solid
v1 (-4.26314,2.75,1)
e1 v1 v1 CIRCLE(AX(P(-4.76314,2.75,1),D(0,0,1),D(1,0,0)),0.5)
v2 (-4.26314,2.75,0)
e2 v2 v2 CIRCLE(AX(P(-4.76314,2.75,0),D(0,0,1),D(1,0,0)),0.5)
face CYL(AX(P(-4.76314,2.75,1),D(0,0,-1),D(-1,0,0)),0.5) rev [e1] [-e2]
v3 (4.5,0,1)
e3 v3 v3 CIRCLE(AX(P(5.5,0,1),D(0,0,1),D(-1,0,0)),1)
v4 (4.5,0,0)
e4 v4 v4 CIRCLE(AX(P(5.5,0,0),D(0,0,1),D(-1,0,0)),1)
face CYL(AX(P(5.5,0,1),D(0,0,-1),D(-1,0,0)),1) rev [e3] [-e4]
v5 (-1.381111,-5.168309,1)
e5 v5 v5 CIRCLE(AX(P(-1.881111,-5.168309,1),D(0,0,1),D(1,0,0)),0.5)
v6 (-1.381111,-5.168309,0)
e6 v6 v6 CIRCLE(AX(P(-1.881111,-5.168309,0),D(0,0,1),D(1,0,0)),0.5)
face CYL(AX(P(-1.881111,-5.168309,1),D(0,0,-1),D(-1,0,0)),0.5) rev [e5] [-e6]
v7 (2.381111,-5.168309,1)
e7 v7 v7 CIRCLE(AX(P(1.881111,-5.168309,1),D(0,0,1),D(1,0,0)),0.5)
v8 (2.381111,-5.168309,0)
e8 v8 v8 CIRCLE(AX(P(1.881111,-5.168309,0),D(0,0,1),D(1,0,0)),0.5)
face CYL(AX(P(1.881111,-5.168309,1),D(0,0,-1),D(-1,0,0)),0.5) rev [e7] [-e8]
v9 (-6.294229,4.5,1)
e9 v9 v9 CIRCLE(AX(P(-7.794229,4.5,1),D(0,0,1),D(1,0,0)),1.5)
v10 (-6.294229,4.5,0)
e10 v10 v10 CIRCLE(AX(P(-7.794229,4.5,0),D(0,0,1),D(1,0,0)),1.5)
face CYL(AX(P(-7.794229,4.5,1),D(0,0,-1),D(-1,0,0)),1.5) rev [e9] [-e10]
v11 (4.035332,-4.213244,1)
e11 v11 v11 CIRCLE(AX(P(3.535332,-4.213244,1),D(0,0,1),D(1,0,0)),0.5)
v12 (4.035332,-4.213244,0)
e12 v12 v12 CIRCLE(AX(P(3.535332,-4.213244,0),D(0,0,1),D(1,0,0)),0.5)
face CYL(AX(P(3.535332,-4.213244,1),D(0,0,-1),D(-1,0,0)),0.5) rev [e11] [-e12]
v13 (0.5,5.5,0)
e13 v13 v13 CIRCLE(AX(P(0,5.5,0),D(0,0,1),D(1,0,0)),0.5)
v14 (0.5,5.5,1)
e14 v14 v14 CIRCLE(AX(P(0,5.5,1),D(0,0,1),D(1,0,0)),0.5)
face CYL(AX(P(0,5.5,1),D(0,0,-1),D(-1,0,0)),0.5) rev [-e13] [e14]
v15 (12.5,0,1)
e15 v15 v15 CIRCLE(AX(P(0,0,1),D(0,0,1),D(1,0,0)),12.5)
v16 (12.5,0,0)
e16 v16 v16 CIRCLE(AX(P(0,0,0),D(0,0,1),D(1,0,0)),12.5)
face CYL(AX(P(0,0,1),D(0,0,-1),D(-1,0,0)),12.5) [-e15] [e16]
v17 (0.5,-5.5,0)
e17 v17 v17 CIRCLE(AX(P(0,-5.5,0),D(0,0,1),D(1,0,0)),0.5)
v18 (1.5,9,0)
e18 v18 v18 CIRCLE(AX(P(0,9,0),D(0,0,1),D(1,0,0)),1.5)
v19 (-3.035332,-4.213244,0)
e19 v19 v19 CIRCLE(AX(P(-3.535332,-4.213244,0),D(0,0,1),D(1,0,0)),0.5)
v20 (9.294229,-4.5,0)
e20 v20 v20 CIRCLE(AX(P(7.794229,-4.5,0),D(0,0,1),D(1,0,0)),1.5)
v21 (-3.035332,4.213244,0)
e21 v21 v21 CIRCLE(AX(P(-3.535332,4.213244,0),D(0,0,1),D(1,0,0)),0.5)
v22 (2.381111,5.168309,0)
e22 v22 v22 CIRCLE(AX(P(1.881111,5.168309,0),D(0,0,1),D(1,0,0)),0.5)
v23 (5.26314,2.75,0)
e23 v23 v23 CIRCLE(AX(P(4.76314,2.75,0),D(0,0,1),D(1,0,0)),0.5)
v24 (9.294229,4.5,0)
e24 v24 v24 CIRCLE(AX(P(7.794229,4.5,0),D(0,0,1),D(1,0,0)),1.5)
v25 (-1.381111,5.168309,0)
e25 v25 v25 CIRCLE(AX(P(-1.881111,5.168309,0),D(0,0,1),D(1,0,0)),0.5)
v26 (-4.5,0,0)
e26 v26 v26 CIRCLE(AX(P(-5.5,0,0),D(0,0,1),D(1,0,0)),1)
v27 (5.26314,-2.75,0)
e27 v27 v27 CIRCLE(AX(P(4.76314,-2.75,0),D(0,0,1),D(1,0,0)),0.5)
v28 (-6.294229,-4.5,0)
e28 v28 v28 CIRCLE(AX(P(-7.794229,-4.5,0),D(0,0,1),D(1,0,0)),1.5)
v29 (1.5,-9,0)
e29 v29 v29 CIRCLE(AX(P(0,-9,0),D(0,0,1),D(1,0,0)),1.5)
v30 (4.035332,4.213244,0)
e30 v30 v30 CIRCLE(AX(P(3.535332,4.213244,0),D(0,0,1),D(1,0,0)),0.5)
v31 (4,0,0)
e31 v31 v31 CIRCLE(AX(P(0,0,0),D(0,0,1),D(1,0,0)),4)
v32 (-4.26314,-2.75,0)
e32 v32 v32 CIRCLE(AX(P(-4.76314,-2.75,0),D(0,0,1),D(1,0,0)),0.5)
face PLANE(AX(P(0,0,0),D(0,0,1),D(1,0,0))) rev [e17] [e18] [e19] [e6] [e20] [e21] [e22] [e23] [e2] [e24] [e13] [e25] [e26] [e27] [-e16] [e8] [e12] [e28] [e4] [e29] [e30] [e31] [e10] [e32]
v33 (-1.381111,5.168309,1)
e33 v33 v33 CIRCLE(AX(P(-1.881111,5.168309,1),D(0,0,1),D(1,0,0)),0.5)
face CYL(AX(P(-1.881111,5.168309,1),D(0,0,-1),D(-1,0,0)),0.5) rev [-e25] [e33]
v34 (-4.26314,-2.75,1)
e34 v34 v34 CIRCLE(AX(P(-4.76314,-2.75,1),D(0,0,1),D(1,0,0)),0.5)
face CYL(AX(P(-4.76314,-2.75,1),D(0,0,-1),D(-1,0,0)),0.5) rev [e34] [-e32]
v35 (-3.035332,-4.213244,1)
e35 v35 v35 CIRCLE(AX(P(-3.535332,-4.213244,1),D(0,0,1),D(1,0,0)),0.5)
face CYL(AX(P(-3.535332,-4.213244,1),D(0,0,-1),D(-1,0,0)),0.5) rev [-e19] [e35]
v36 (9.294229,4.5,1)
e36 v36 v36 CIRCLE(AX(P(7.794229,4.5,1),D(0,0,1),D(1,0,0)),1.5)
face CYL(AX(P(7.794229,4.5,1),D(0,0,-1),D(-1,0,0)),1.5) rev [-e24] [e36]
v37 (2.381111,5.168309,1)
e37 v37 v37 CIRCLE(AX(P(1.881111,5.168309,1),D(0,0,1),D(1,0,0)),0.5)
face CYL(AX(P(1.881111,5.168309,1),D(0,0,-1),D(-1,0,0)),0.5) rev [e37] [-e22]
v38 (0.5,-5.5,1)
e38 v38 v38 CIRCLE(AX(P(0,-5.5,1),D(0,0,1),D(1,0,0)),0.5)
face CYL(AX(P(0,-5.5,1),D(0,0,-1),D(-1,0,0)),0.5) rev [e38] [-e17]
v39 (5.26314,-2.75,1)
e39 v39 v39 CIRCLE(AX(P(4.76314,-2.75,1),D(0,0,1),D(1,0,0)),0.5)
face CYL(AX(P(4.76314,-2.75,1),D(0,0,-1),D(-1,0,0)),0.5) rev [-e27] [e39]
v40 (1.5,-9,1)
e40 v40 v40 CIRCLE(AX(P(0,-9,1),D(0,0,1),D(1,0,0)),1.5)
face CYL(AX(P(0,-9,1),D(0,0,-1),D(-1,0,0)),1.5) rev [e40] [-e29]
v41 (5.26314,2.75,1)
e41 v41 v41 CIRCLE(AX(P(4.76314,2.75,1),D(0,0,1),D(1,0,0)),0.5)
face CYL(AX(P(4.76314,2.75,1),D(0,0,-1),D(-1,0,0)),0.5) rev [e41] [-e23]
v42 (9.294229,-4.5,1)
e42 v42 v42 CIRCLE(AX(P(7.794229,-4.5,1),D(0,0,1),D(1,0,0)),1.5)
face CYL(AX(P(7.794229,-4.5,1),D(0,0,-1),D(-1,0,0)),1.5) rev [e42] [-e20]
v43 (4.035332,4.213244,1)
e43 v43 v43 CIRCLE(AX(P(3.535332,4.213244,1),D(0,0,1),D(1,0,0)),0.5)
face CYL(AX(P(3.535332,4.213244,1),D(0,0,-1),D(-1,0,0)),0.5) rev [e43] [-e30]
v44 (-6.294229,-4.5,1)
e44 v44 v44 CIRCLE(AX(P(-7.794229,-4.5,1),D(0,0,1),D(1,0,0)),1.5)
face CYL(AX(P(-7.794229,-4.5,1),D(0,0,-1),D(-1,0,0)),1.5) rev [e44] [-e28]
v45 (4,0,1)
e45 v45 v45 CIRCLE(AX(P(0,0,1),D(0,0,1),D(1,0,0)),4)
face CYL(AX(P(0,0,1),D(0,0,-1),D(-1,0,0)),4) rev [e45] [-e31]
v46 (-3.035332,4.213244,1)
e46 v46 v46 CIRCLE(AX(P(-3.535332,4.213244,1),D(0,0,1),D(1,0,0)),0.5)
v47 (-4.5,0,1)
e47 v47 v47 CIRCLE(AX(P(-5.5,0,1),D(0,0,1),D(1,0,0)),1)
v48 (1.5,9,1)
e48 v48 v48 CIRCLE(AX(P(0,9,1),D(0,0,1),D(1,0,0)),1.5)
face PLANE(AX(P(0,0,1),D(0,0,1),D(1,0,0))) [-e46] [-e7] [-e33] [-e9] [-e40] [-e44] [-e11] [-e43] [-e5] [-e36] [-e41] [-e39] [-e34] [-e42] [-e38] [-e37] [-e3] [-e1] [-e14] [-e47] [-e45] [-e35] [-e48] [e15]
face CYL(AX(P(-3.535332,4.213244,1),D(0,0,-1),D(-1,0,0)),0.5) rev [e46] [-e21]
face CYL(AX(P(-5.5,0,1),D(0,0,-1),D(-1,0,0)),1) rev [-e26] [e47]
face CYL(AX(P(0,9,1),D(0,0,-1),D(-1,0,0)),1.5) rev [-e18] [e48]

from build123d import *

# Parameters (mm, degrees)
SKETCH_1_R      = 12.5
SKETCH_1_R_2    = 4
SKETCH_1_R_3    = 1.5
SKETCH_1_R_4    = 1
SKETCH_1_R_5    = 0.5
EXTRUDE_1_DEPTH = 1


with BuildPart() as part:
    # Эскиз1 → Бобышка-Вытянуть1 (new body)
    with BuildSketch(Plane.XY):
        Circle(SKETCH_1_R)
        Circle(SKETCH_1_R_2, mode=Mode.SUBTRACT)
        with Locations((0, 9)):
            Circle(SKETCH_1_R_3, mode=Mode.SUBTRACT)
        with Locations((7.794228634, 4.5)):
            Circle(SKETCH_1_R_3, mode=Mode.SUBTRACT)
        with Locations((7.794228634, -4.5)):
            Circle(SKETCH_1_R_3, mode=Mode.SUBTRACT)
        with Locations((0, -9)):
            Circle(SKETCH_1_R_3, mode=Mode.SUBTRACT)
        with Locations((-7.794228634, -4.5)):
            Circle(SKETCH_1_R_3, mode=Mode.SUBTRACT)
        with Locations((-7.794228634, 4.5)):
            Circle(SKETCH_1_R_3, mode=Mode.SUBTRACT)
        with Locations((-5.5, 0)):
            Circle(SKETCH_1_R_4, mode=Mode.SUBTRACT)
        with Locations(Location((5.5, 0, 0), (0, 0, 180))):
            Circle(SKETCH_1_R_4, mode=Mode.SUBTRACT)
        with Locations((0, 5.5)):
            Circle(SKETCH_1_R_5, mode=Mode.SUBTRACT)
        with Locations((1.881110788, 5.168309414)):
            Circle(SKETCH_1_R_5, mode=Mode.SUBTRACT)
        with Locations((3.535331853, 4.213244437)):
            Circle(SKETCH_1_R_5, mode=Mode.SUBTRACT)
        with Locations((4.763139721, 2.75)):
            Circle(SKETCH_1_R_5, mode=Mode.SUBTRACT)
        with Locations((4.763139721, -2.75)):
            Circle(SKETCH_1_R_5, mode=Mode.SUBTRACT)
        with Locations((3.535331853, -4.213244437)):
            Circle(SKETCH_1_R_5, mode=Mode.SUBTRACT)
        with Locations((1.881110788, -5.168309414)):
            Circle(SKETCH_1_R_5, mode=Mode.SUBTRACT)
        with Locations((0, -5.5)):
            Circle(SKETCH_1_R_5, mode=Mode.SUBTRACT)
        with Locations((-1.881110788, -5.168309414)):
            Circle(SKETCH_1_R_5, mode=Mode.SUBTRACT)
        with Locations((-3.535331853, -4.213244437)):
            Circle(SKETCH_1_R_5, mode=Mode.SUBTRACT)
        with Locations((-4.763139721, -2.75)):
            Circle(SKETCH_1_R_5, mode=Mode.SUBTRACT)
        with Locations((-4.763139721, 2.75)):
            Circle(SKETCH_1_R_5, mode=Mode.SUBTRACT)
        with Locations((-3.535331853, 4.213244437)):
            Circle(SKETCH_1_R_5, mode=Mode.SUBTRACT)
        with Locations((-1.881110788, 5.168309414)):
            Circle(SKETCH_1_R_5, mode=Mode.SUBTRACT)
    extrude(amount=EXTRUDE_1_DEPTH)


solid = part.part
